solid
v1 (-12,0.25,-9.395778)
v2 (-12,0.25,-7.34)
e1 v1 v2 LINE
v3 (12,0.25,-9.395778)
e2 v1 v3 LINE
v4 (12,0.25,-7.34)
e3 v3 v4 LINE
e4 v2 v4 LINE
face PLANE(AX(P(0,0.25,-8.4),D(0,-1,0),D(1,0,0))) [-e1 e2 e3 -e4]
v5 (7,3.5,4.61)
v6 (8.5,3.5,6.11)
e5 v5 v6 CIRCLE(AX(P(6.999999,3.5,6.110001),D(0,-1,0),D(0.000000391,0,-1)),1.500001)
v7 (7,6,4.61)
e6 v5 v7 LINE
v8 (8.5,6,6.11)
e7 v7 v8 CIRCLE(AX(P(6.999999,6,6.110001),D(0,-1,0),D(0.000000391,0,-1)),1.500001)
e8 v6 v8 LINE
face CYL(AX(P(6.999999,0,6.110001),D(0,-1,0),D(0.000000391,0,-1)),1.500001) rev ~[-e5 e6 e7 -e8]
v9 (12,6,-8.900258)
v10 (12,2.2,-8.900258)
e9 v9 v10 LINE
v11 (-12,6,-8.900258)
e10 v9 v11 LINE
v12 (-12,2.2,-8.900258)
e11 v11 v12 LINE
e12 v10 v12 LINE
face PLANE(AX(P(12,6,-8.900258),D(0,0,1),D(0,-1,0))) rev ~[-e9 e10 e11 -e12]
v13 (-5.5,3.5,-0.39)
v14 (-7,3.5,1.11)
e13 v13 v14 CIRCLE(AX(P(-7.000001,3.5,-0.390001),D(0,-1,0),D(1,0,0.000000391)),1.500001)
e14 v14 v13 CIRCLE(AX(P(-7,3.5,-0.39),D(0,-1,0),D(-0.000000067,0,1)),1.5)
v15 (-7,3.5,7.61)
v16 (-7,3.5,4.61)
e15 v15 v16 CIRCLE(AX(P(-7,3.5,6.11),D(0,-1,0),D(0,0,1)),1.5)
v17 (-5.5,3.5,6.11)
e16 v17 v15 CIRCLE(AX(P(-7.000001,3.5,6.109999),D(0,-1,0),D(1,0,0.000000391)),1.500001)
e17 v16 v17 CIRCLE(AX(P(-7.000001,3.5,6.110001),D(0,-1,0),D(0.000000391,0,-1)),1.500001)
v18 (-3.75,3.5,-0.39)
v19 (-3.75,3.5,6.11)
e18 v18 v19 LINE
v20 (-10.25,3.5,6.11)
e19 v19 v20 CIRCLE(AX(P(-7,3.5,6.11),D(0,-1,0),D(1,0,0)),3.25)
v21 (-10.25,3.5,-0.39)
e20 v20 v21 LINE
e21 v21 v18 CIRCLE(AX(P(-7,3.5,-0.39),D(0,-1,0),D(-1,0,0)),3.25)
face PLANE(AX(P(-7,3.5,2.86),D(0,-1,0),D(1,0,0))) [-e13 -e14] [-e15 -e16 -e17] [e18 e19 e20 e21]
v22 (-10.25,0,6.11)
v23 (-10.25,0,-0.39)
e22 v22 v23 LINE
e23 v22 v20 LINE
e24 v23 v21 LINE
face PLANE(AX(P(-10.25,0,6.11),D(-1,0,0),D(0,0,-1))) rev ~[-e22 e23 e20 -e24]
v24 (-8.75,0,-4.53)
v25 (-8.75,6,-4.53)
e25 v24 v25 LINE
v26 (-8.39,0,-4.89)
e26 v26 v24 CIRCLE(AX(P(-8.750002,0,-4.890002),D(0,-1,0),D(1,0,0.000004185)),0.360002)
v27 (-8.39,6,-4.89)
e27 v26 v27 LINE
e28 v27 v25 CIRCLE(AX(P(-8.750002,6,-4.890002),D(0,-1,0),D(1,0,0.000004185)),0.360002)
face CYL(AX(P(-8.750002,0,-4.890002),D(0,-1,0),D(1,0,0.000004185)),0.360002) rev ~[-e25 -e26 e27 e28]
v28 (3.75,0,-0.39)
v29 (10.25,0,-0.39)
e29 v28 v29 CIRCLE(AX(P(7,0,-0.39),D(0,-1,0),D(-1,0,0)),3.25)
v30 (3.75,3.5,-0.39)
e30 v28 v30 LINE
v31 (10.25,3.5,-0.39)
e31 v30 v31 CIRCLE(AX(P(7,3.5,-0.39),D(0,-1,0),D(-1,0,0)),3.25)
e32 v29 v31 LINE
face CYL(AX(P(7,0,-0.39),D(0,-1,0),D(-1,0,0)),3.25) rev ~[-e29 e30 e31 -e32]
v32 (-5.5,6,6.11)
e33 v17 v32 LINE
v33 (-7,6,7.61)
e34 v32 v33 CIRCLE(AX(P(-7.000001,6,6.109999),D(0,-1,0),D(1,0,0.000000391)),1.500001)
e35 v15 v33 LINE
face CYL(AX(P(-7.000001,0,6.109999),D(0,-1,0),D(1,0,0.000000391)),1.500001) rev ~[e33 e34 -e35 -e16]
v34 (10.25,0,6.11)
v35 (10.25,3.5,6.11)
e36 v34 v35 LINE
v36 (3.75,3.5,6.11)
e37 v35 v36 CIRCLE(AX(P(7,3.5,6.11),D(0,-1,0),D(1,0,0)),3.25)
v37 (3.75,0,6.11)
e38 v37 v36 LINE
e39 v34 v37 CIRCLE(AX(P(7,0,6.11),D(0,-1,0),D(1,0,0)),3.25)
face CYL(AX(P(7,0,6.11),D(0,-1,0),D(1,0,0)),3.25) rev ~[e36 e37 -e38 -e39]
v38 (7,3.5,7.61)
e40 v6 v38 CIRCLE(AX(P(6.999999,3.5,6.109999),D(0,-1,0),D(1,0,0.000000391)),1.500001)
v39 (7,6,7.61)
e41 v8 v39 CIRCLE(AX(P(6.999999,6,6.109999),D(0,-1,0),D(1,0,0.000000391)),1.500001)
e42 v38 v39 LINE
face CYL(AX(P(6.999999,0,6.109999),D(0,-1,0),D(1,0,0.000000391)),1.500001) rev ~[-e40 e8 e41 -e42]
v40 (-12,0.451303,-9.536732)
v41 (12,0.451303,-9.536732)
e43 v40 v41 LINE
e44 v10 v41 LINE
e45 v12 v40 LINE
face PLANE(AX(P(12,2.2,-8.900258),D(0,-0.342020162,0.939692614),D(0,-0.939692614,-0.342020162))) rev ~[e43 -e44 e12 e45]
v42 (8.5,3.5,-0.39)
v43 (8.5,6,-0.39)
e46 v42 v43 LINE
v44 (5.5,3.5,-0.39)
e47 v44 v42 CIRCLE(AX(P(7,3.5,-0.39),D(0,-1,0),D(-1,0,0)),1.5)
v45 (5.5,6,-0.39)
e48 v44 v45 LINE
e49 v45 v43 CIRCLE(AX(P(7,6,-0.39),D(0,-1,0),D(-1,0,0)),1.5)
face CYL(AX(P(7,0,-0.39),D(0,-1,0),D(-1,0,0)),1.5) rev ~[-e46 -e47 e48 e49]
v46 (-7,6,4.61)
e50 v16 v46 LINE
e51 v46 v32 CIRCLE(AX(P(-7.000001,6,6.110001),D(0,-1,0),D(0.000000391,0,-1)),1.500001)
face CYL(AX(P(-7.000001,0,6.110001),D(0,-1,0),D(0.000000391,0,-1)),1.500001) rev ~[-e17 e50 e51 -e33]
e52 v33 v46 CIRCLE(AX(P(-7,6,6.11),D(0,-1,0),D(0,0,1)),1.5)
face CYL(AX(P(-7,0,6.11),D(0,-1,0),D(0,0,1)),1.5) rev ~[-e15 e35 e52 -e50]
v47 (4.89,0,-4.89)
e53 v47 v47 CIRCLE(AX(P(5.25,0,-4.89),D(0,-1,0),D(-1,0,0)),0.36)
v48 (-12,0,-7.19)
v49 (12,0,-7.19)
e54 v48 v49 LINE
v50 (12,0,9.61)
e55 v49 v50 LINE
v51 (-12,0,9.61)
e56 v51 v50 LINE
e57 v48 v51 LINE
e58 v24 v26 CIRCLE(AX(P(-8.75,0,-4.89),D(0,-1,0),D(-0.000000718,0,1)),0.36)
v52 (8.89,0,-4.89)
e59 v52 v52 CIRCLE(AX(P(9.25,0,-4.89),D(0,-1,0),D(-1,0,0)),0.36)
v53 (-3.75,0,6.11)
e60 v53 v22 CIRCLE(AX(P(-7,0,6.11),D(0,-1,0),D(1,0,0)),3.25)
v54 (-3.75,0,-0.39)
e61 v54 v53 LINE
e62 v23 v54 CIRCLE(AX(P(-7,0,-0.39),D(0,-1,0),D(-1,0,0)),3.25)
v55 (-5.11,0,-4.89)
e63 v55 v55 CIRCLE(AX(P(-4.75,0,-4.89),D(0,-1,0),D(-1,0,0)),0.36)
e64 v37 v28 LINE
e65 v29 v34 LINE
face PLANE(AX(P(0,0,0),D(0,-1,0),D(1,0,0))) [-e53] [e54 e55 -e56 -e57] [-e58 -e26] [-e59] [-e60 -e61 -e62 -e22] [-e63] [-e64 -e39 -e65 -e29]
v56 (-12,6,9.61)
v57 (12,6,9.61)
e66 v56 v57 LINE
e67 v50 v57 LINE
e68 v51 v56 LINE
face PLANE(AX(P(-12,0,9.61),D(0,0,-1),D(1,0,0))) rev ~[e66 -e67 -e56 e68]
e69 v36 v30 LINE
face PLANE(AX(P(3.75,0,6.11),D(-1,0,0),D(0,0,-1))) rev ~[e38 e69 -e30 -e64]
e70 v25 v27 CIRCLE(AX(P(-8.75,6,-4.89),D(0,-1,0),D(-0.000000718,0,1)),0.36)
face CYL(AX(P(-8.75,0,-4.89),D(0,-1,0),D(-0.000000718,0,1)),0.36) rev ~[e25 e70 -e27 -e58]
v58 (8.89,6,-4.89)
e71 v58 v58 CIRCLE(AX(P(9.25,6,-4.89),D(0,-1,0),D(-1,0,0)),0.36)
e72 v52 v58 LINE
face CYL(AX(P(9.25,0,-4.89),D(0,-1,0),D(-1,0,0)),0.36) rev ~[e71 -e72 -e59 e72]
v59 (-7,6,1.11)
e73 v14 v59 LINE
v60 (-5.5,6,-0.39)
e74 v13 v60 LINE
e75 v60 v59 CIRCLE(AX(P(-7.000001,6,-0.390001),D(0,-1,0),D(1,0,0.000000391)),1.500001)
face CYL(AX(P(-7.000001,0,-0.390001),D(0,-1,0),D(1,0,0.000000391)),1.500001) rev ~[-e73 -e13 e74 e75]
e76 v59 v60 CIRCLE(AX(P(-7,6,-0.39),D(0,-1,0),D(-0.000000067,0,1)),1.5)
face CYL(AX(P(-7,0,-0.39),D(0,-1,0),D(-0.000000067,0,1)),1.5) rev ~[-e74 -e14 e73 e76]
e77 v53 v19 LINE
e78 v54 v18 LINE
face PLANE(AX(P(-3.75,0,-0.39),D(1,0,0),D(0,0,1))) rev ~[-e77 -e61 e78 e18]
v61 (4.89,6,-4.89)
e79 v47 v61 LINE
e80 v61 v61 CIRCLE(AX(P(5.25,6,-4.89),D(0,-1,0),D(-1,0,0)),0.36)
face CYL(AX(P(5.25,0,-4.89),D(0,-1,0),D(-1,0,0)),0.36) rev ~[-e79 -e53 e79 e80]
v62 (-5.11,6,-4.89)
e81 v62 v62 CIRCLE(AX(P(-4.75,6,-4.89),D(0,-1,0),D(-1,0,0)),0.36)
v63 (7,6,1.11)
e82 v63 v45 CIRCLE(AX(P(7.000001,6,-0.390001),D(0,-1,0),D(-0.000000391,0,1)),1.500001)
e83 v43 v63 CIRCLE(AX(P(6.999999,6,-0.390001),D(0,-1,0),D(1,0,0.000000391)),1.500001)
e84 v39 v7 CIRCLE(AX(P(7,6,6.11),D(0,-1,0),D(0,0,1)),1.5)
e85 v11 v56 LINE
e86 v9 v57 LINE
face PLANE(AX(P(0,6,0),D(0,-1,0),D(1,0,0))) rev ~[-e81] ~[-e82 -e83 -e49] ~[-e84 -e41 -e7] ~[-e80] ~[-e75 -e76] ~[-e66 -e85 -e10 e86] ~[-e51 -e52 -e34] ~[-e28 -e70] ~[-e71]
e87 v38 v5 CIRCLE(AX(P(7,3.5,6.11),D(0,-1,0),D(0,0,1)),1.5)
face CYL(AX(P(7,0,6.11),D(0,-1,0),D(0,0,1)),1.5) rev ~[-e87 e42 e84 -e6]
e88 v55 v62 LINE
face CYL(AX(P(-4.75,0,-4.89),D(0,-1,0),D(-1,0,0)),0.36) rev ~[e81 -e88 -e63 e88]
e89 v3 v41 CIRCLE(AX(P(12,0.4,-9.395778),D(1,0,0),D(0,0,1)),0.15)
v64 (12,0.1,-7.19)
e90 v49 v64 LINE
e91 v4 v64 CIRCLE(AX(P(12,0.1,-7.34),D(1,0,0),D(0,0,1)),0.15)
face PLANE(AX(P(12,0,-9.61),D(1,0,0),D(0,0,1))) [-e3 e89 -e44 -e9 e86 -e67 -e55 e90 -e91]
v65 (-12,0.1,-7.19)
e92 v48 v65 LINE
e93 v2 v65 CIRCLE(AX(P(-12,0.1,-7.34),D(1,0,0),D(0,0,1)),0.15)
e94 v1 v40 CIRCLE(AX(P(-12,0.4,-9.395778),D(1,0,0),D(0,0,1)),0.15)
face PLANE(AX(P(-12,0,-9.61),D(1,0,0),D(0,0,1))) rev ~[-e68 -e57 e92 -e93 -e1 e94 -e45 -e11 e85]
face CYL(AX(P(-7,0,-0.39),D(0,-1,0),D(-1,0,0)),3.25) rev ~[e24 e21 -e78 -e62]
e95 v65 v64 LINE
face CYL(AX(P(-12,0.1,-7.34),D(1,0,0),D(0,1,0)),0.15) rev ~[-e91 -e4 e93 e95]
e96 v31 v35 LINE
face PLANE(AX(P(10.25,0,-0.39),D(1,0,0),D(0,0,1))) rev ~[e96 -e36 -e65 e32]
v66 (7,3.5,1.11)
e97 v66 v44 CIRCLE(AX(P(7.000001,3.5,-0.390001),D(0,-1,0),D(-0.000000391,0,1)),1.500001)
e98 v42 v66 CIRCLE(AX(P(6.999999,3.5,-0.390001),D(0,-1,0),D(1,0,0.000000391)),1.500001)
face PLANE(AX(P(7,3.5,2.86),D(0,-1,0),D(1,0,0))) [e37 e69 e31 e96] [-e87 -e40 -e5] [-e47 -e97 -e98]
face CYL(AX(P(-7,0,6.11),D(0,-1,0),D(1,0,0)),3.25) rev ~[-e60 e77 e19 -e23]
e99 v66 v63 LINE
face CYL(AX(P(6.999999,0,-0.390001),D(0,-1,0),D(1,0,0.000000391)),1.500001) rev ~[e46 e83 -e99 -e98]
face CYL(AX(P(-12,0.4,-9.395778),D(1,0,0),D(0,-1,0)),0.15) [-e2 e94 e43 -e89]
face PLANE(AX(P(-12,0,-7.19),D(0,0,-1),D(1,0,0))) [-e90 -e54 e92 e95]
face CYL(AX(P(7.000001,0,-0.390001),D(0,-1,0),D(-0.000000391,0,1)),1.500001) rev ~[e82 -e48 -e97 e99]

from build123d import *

# Parameters (mm, degrees)
F0_W      = 24
F0_H      = 19.22
F1_DEPTH  = 6
F3_DEPTH  = 6
F5_DEPTH  = 3.5
F6_W      = 24
F6_H      = 2.42
F7_DEPTH  = 0.25
F9_DEPTH  = 6
F11_DEPTH = 24
F12_R     = 0.15
F13_R     = 0.15


with BuildPart() as f1:
    # F0 (on Front) → F1 (new body)
    with BuildSketch(Plane.XZ):
        Rectangle(F0_W, F0_H)
    extrude(amount=-F1_DEPTH)

    # F2 (on face) → F3 (cut, through all)
    with BuildSketch(Plane.XZ):
        with BuildLine():
            ThreePointArc((-5.5, 6.11), (-5.93934, 7.17066), (-7, 7.61))
            Line((-7, 7.61), (-7, 6.11))
            Line((-7, 6.11), (-7, 4.61))
            ThreePointArc((-7, 4.61), (-5.93934, 5.04934), (-5.5, 6.11))
        make_face()
        with BuildLine():
            ThreePointArc((7, 7.61), (5.5, 6.11), (7, 4.61))
            Line((7, 4.61), (7, 6.11))
            Line((7, 6.11), (7, 7.61))
        make_face()
        with BuildLine():
            Line((7, 6.11), (7, 4.61))
            ThreePointArc((7, 4.61), (8.06066, 5.04934), (8.5, 6.11))
            ThreePointArc((8.5, 6.11), (8.06066, 7.17066), (7, 7.61))
            Line((7, 7.61), (7, 6.11))
        make_face()
        with BuildLine():
            ThreePointArc((7, 1.11), (5.93934, 0.67066), (5.5, -0.39))
            Line((5.5, -0.39), (7, -0.39))
            Line((7, -0.39), (7, 1.11))
        make_face()
        with BuildLine():
            Line((7, -0.39), (5.5, -0.39))
            ThreePointArc((5.5, -0.39), (7, -1.89), (8.5, -0.39))
            ThreePointArc((8.5, -0.39), (8.06066, 0.67066), (7, 1.11))
            Line((7, 1.11), (7, -0.39))
        make_face()
        with BuildLine():
            ThreePointArc((-5.5, -0.39), (-5.93934, 0.67066), (-7, 1.11))
            Line((-7, 1.11), (-7, -0.39))
            Line((-7, -0.39), (-5.5, -0.39))
        make_face()
        with BuildLine():
            Line((-7, -0.39), (-7, 1.11))
            ThreePointArc((-7, 1.11), (-8.06066, -1.45066), (-5.5, -0.39))
            Line((-5.5, -0.39), (-7, -0.39))
        make_face()
        with BuildLine():
            Line((-7, 6.11), (-7, 7.61))
            ThreePointArc((-7, 7.61), (-8.5, 6.11), (-7, 4.61))
            Line((-7, 4.61), (-7, 6.11))
        make_face()
    extrude(amount=-F3_DEPTH, mode=Mode.SUBTRACT)

    # F4 (on face) → F5 (cut)
    with BuildSketch(Plane.XZ):
        with BuildLine():
            ThreePointArc((-3.75, 6.11), (-7, 9.36), (-10.25, 6.11))
            Line((-10.25, 6.11), (-10.25, -0.39))
            ThreePointArc((-10.25, -0.39), (-7, -3.64), (-3.75, -0.39))
            Line((-3.75, -0.39), (-3.75, 6.11))
        make_face()
        with BuildLine():
            ThreePointArc((3.75, -0.39), (7, -3.64), (10.25, -0.39))
            Line((10.25, -0.39), (10.25, 6.11))
            ThreePointArc((10.25, 6.11), (7, 9.36), (3.75, 6.11))
            Line((3.75, 6.11), (3.75, -0.39))
        make_face()
    extrude(amount=-F5_DEPTH, mode=Mode.SUBTRACT)

    # F6 (on face) → F7 (cut)
    with BuildSketch(Plane.XZ):
        with Locations((0, -8.4)):
            Rectangle(F6_W, F6_H)
    extrude(amount=-F7_DEPTH, mode=Mode.SUBTRACT)

    # F8 (on face) → F9 (cut, through all)
    with BuildSketch(Plane.XZ):
        with BuildLine():
            ThreePointArc((-8.39, -4.89), (-8.495442, -4.635442), (-8.75, -4.53))
            Line((-8.75, -4.53), (-8.75, -4.89))
            Line((-8.75, -4.89), (-8.39, -4.89))
        make_face()
        with BuildLine():
            ThreePointArc((9.61, -4.89), (9.25, -4.53), (8.89, -4.89))
            ThreePointArc((8.89, -4.89), (9.25, -5.25), (9.61, -4.89))
        make_face()
        with BuildLine():
            ThreePointArc((5.61, -4.89), (5.25, -4.53), (4.89, -4.89))
            Line((4.89, -4.89), (5.25, -4.89))
            Line((5.25, -4.89), (5.61, -4.89))
        make_face()
        with BuildLine():
            Line((5.25, -4.89), (4.89, -4.89))
            ThreePointArc((4.89, -4.89), (5.25, -5.25), (5.61, -4.89))
            Line((5.61, -4.89), (5.25, -4.89))
        make_face()
        with BuildLine():
            ThreePointArc((-4.39, -4.89), (-4.75, -4.53), (-5.11, -4.89))
            Line((-5.11, -4.89), (-4.75, -4.89))
            Line((-4.75, -4.89), (-4.39, -4.89))
        make_face()
        with BuildLine():
            Line((-4.75, -4.89), (-5.11, -4.89))
            ThreePointArc((-5.11, -4.89), (-4.75, -5.25), (-4.39, -4.89))
            Line((-4.39, -4.89), (-4.75, -4.89))
        make_face()
        with BuildLine():
            Line((-8.75, -4.89), (-8.75, -4.53))
            ThreePointArc((-8.75, -4.53), (-9.004558, -5.144558), (-8.39, -4.89))
            Line((-8.39, -4.89), (-8.75, -4.89))
        make_face()
    extrude(amount=-F9_DEPTH, mode=Mode.SUBTRACT)

    # F10 (on face) → F11 (cut, through all)
    with BuildSketch(Plane.YZ.offset(12)):
        Polygon((2.2, -8.900258), (0.25, -9.61), (6, -9.61), (6, -8.900258), align=None)
    extrude(amount=-F11_DEPTH, mode=Mode.SUBTRACT)

    # F12
    f12_edges = [f1.edges().sort_by_distance(p)[0] for p in [
        (0, 0.25, -9.61),
    ]]
    fillet(f12_edges, radius=F12_R)

    # F13
    f13_edges = [f1.edges().sort_by_distance(p)[0] for p in [
        (0, 0.25, -7.19),
    ]]
    fillet(f13_edges, radius=F13_R)


solid = f1.part
